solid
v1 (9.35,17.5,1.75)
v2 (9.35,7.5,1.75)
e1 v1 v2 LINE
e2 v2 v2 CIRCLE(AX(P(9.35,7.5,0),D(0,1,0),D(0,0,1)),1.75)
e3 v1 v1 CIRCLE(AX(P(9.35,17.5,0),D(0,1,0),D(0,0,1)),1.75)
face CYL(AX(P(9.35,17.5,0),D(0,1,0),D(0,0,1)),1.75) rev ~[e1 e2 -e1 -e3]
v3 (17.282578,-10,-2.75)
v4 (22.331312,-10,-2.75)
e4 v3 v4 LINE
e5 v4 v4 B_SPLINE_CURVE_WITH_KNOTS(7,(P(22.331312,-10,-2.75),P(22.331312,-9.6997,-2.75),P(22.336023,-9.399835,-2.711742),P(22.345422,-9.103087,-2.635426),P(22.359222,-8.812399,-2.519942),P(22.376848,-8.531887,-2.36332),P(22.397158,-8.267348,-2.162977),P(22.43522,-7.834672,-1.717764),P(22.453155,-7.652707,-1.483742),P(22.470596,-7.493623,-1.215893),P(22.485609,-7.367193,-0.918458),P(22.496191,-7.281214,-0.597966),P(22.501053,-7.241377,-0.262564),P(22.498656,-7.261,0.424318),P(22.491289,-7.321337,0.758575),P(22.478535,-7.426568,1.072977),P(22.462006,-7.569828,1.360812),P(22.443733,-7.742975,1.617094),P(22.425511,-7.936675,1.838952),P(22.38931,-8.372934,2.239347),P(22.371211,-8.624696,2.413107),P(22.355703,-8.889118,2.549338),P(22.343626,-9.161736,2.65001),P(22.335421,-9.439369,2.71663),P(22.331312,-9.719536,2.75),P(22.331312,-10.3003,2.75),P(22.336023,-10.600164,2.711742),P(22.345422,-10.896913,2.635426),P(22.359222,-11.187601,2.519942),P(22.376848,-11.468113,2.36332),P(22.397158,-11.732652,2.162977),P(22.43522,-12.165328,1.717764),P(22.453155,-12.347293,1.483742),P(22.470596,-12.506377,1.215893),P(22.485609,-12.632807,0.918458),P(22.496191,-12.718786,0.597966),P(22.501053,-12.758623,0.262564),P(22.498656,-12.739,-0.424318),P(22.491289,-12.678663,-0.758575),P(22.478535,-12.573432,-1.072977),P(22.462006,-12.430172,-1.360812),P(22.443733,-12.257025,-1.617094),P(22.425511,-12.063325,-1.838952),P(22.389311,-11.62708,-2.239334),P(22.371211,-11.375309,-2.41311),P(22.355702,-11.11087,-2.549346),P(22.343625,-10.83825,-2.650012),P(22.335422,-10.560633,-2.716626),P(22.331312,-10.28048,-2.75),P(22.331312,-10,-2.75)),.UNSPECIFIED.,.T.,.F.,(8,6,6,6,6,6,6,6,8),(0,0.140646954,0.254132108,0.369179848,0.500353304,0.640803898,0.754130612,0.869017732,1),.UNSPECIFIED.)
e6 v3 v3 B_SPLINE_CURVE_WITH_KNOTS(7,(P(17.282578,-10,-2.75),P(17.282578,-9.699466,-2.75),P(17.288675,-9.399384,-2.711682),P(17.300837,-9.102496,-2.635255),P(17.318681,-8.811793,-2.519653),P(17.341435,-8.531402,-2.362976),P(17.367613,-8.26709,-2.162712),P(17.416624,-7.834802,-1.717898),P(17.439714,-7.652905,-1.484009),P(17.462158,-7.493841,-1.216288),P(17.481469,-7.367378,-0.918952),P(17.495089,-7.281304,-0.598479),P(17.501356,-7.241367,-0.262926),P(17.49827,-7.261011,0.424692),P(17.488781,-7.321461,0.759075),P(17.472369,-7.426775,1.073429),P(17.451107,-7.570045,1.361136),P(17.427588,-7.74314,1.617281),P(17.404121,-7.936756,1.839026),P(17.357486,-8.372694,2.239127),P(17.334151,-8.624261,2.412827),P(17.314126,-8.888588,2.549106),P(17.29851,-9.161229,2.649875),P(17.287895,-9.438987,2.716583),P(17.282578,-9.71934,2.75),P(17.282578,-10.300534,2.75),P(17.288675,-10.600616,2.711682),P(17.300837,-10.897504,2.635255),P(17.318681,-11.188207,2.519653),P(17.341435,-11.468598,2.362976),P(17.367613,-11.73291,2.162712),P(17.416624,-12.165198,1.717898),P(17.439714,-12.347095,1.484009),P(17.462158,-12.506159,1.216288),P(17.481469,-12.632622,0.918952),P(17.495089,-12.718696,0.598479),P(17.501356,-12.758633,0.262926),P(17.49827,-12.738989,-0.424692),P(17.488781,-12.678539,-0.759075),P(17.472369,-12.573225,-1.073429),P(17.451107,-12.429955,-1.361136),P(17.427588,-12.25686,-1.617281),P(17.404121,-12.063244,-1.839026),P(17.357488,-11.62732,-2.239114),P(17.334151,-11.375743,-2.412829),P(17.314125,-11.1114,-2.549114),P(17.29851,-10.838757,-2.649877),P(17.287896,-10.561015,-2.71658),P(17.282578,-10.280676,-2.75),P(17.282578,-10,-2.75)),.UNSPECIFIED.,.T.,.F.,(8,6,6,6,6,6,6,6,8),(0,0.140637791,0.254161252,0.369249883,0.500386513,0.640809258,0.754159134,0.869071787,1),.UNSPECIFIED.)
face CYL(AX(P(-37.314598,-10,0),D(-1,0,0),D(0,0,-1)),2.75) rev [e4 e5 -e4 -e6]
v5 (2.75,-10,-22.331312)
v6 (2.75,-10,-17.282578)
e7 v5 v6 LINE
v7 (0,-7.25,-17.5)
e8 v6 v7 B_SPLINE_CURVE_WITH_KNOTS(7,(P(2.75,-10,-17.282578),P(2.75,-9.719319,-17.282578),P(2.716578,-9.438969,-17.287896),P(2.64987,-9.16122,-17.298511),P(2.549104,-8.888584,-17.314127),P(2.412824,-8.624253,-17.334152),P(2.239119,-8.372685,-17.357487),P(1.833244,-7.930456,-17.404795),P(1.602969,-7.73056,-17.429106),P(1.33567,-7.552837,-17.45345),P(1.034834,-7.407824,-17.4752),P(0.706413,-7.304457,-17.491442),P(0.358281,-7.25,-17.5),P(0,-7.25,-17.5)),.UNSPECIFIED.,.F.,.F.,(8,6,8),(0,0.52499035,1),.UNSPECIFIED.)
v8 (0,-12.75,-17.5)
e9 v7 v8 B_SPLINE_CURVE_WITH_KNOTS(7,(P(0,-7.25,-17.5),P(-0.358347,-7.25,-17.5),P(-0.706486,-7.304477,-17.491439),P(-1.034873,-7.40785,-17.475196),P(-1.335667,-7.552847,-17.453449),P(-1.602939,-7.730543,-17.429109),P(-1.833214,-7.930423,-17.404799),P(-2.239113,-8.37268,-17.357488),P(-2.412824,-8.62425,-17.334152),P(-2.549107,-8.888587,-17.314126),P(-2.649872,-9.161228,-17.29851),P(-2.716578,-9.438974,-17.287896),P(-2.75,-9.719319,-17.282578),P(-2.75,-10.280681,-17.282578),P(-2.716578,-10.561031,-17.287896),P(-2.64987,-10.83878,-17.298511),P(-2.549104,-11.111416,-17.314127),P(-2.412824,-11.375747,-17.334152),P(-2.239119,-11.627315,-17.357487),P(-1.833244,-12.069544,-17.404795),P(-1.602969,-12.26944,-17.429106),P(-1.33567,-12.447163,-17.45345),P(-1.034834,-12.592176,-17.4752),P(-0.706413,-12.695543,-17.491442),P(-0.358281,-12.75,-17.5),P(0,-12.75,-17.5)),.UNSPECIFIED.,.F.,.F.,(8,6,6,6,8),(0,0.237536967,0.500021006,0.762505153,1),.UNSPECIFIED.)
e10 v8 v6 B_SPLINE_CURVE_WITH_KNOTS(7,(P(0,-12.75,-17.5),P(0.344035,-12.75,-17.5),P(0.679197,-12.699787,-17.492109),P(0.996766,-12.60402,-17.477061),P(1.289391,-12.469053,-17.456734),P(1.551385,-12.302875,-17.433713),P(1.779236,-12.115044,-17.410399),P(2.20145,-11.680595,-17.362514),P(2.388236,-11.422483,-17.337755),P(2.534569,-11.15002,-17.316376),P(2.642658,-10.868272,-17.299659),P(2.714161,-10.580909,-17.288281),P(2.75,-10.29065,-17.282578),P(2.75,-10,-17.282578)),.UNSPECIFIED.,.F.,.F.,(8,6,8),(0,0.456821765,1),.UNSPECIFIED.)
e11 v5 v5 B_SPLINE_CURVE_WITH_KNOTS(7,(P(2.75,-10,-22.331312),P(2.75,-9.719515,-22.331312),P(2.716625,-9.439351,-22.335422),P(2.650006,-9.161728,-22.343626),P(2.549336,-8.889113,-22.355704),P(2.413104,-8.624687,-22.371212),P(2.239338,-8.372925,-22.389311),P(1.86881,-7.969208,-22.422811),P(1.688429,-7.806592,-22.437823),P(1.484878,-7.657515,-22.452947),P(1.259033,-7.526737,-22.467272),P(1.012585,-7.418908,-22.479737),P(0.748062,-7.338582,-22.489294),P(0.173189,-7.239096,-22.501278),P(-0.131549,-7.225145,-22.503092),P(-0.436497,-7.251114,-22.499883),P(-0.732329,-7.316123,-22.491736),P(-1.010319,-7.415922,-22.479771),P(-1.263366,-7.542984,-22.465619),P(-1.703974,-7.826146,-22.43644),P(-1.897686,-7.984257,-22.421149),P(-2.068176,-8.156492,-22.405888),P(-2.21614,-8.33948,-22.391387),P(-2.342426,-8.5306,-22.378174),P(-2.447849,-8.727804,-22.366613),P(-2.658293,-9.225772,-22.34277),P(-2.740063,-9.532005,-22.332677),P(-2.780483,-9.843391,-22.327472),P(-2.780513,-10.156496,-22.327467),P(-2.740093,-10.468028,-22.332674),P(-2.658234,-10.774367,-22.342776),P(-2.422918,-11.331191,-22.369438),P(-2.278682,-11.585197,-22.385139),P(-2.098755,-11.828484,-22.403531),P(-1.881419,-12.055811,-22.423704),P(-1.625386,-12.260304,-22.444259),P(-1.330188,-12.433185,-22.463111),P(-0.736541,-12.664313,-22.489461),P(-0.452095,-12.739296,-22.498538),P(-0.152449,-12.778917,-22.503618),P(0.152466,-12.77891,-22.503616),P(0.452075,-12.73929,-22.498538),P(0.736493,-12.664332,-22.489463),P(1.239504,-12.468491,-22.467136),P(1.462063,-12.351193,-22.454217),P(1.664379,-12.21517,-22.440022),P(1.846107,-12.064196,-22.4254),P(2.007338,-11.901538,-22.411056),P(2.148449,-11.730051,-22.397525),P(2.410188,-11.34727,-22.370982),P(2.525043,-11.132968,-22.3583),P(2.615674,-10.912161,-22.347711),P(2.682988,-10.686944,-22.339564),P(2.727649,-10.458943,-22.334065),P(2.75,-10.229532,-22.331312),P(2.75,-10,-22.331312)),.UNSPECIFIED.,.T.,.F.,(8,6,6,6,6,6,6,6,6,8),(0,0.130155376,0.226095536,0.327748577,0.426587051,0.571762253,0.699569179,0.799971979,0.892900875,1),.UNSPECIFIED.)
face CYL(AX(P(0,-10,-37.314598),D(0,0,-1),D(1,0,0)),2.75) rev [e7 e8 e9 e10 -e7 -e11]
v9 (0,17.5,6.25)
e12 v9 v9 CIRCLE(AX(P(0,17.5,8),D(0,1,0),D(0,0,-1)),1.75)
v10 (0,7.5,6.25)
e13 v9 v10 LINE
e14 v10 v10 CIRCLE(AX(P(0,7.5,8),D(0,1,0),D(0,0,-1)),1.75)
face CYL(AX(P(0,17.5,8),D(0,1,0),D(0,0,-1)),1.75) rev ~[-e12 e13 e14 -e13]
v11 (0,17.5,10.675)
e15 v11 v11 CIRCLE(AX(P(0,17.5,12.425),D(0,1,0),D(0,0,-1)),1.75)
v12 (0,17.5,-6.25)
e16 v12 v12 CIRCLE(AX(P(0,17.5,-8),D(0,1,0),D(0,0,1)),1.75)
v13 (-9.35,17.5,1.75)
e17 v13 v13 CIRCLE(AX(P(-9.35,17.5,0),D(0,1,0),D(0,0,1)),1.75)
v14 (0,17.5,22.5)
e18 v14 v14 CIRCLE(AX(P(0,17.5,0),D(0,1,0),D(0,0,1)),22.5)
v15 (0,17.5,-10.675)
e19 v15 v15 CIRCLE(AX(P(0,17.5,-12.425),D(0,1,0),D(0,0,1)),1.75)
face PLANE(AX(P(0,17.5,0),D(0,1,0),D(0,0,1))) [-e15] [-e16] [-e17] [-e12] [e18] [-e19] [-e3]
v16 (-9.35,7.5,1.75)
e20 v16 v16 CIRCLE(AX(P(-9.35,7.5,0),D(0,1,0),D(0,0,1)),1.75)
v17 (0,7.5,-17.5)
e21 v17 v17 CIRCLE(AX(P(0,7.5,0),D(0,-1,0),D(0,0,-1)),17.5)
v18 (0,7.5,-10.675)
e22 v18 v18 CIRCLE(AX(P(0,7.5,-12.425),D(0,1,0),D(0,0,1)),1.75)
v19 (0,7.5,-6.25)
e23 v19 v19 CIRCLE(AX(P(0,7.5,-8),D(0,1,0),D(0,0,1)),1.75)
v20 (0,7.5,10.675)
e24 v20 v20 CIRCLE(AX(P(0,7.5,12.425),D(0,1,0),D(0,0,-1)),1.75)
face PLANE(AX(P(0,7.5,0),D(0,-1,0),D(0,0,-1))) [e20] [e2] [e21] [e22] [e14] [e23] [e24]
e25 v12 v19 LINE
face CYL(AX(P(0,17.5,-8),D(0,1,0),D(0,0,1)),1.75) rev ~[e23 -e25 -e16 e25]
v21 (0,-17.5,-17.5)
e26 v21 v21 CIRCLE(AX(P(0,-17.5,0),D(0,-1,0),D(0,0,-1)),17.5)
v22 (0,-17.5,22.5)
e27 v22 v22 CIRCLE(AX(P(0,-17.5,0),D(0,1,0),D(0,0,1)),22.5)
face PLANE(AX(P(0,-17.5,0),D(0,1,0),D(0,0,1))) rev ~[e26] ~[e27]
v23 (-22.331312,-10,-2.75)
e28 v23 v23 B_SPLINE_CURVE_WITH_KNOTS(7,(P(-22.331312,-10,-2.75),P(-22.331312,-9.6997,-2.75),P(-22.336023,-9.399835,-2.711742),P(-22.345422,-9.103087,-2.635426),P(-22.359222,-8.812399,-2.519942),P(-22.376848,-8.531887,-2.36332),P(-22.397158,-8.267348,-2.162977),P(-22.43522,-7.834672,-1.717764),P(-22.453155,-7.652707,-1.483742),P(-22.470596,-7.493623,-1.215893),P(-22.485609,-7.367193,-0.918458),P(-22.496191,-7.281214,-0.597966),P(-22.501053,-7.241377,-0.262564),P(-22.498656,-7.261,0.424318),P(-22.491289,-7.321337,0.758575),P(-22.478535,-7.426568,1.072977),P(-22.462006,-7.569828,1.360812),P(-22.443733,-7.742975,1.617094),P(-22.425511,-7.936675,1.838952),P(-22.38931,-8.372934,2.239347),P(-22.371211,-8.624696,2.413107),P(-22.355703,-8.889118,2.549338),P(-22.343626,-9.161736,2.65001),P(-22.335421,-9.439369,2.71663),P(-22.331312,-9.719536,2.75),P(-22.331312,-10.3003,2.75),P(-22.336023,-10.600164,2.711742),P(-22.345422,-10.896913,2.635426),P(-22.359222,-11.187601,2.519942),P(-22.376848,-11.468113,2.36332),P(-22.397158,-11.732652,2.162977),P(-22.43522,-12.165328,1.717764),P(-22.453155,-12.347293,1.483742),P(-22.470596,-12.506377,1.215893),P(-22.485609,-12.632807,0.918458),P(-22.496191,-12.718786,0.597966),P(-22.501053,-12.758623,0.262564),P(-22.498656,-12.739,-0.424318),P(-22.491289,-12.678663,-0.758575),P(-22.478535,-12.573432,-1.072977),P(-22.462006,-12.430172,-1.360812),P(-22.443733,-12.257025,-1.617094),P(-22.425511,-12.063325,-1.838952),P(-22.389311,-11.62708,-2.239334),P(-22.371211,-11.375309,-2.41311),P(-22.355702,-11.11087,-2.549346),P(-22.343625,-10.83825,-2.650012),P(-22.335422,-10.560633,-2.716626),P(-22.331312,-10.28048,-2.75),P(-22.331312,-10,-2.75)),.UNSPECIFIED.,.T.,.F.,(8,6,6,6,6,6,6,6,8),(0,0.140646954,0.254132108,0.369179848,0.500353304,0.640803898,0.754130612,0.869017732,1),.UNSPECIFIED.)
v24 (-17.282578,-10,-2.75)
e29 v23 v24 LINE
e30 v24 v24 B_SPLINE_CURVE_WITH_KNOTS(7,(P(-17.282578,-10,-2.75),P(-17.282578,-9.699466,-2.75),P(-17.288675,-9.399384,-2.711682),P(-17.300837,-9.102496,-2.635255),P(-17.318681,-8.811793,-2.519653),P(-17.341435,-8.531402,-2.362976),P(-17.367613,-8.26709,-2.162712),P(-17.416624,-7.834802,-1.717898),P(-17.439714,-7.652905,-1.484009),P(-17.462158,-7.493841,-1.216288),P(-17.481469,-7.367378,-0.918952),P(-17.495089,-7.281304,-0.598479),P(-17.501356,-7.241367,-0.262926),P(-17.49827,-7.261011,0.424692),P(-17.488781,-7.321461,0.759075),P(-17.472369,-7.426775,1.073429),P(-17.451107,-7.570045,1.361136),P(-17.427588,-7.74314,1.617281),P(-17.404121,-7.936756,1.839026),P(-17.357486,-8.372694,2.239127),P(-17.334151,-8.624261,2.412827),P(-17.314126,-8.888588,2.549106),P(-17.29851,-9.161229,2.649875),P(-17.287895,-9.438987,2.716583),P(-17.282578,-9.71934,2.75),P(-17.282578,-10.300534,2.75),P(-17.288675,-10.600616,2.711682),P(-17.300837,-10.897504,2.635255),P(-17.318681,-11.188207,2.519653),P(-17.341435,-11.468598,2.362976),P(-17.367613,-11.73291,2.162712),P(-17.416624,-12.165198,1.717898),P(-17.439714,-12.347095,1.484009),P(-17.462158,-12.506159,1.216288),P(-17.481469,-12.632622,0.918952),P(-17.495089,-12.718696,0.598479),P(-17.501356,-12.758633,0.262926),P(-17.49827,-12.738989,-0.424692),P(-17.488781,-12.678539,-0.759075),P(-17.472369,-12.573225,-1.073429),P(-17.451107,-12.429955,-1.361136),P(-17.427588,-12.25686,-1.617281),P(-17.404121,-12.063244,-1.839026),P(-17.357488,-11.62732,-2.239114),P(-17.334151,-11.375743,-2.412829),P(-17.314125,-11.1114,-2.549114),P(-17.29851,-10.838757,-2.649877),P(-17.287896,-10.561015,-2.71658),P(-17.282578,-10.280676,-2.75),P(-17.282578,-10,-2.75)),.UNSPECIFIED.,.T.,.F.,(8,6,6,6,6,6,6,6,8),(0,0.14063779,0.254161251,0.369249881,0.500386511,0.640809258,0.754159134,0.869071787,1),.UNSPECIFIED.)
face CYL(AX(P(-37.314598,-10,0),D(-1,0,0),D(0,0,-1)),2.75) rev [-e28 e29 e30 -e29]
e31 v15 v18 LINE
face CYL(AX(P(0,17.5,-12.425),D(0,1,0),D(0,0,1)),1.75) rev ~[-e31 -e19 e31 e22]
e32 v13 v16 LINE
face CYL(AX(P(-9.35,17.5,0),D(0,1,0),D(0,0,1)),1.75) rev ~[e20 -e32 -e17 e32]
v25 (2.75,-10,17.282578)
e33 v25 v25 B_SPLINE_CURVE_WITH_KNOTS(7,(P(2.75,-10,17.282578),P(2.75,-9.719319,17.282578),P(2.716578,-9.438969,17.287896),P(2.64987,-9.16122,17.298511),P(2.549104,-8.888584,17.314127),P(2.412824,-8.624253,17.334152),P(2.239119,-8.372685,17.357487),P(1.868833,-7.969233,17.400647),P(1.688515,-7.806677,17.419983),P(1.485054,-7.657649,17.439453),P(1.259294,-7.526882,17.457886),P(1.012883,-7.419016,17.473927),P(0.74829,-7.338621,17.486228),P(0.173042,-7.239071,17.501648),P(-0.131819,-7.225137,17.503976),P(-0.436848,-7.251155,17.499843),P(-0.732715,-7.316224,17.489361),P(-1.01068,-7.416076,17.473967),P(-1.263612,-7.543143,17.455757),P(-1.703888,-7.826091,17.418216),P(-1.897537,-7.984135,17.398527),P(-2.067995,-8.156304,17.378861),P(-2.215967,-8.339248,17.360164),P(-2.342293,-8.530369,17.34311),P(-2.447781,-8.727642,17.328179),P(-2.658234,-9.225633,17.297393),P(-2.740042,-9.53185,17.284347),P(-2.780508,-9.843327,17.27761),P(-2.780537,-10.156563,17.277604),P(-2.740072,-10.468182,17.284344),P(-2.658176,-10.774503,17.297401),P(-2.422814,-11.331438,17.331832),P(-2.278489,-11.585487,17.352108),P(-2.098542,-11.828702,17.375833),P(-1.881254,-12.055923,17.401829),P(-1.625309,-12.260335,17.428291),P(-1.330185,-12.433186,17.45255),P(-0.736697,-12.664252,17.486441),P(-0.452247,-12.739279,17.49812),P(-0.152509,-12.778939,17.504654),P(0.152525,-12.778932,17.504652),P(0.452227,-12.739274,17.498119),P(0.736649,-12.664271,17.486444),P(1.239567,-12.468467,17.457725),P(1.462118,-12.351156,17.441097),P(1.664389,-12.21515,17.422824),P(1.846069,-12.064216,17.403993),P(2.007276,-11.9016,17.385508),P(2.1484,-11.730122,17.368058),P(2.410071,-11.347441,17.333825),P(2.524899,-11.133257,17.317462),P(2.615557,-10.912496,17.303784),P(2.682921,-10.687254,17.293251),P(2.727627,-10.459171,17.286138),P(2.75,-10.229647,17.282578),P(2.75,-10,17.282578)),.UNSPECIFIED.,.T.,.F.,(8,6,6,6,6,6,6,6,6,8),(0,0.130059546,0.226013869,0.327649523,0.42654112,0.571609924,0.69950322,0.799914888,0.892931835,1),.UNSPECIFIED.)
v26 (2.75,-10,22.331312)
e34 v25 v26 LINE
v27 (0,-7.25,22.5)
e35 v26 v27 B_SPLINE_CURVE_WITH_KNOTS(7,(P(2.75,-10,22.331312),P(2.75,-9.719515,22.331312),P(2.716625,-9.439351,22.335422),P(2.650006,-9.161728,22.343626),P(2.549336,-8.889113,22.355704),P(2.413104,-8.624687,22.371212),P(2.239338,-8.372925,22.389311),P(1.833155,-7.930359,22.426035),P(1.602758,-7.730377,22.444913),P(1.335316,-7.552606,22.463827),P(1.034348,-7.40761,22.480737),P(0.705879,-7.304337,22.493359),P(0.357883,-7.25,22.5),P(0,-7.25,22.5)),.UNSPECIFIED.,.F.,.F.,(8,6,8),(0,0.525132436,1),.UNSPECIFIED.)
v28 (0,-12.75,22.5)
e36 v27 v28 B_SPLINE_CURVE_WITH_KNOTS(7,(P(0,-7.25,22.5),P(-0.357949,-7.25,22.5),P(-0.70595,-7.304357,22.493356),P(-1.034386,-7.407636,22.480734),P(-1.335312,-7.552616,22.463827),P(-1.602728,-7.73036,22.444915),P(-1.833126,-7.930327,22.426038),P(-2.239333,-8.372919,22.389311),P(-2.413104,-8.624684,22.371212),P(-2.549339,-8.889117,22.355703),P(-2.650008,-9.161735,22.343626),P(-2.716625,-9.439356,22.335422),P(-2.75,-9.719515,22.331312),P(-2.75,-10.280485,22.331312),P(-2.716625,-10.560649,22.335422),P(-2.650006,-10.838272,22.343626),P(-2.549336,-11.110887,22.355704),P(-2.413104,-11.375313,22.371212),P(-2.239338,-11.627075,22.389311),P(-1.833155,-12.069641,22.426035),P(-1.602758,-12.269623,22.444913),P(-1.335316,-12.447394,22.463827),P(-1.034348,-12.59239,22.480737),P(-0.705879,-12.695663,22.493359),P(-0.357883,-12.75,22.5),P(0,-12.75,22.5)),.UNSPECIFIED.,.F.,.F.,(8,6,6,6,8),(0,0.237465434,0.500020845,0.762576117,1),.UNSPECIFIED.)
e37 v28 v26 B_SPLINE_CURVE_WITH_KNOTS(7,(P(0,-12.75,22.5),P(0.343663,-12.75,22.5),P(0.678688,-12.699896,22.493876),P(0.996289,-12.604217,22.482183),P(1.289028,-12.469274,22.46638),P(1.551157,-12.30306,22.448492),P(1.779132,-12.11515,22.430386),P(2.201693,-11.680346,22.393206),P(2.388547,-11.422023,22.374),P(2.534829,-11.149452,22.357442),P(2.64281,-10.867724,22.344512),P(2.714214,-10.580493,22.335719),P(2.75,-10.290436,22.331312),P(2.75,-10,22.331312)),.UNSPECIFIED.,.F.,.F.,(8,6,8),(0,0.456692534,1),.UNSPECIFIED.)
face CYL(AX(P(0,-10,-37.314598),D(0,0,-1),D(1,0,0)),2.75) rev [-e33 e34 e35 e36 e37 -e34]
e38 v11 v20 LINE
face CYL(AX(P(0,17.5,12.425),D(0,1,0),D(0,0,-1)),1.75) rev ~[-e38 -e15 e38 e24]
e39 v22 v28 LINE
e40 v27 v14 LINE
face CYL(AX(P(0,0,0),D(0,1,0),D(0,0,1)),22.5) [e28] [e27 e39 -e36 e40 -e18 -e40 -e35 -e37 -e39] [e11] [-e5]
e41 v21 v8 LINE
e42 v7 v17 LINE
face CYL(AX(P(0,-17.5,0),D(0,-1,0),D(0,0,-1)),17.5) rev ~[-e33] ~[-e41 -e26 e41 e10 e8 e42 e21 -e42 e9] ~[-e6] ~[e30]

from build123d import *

# Parameters (mm, degrees)
SKETCH1_R               = 22.5
BOSS_EXTRUDE1_DEPTH     = 17.5
SKETCH2_R               = 17.5
CUT_EXTRUDE1_DEPTH      = 25
CUT_EXTRUDE2_DEPTH      = 37.314597616
CUT_EXTRUDE2_DEPTH_BACK = 37.314597616
SKETCH3_R               = 2.75
CUT_EXTRUDE3_DEPTH      = 37.314597788
CUT_EXTRUDE3_DEPTH_BACK = 37.314597788
SKETCH4_R               = 2.75
SKETCH5_R               = 1.75
CUT_EXTRUDE4_DEPTH      = 10


with BuildPart() as part:
    # Sketch1 → Boss-Extrude1 (new, symmetric)
    with BuildSketch(Plane(origin=(0, 0, 0), x_dir=(1, 0, 0), z_dir=(0, 1, 0))):
        with Locations(Location((0, 0, 0), (0, 0, 270))):
            Circle(SKETCH1_R)
    extrude(amount=BOSS_EXTRUDE1_DEPTH, both=True)

    # Sketch2 → Cut-Extrude1 (cut)
    with BuildSketch(Plane.XZ.offset(17.5)):
        with Locations(Location((0, 0, 0), (0, 0, 270))):
            Circle(SKETCH2_R)
    extrude(amount=-CUT_EXTRUDE1_DEPTH, mode=Mode.SUBTRACT)

    # Sketch3 → Cut-Extrude2 (cut, two sides: drawn at the far end of the back side and taken through both)
    with BuildSketch(Plane(origin=(0, 0, 0), x_dir=(0, 0, -1), z_dir=(1, 0, 0)).offset(-CUT_EXTRUDE2_DEPTH_BACK)):
        with Locations((0, -10)):
            Circle(SKETCH3_R)
    extrude(amount=CUT_EXTRUDE2_DEPTH + CUT_EXTRUDE2_DEPTH_BACK, mode=Mode.SUBTRACT)

    # Sketch4 → Cut-Extrude3 (cut, two sides: drawn at the far end of the back side and taken through both)
    with BuildSketch(Plane.XY.offset(-CUT_EXTRUDE3_DEPTH_BACK)):
        with Locations((0, -10)):
            Circle(SKETCH4_R)
    extrude(amount=CUT_EXTRUDE3_DEPTH + CUT_EXTRUDE3_DEPTH_BACK, mode=Mode.SUBTRACT)

    # Sketch5 → Cut-Extrude4 (cut)
    with BuildSketch(Plane(origin=(0, 17.5, 0), x_dir=(1, 0, 0), z_dir=(0, 1, 0))):
        with Locations(Location((0, 12.425, 0), (0, 0, 270))):
            Circle(SKETCH5_R)
        with Locations(Location((0, 8, 0), (0, 0, 270))):
            Circle(SKETCH5_R)
        with Locations(Location((0, -8, 0), (0, 0, 90))):
            Circle(SKETCH5_R)
        with Locations(Location((0, -12.425, 0), (0, 0, 90))):
            Circle(SKETCH5_R)
        with Locations(Location((-9.35, 0, 0), (0, 0, 270))):
            Circle(SKETCH5_R)
        with Locations(Location((9.35, 0, 0), (0, 0, 270))):
            Circle(SKETCH5_R)
    extrude(amount=-CUT_EXTRUDE4_DEPTH, mode=Mode.SUBTRACT)


solid = part.part
